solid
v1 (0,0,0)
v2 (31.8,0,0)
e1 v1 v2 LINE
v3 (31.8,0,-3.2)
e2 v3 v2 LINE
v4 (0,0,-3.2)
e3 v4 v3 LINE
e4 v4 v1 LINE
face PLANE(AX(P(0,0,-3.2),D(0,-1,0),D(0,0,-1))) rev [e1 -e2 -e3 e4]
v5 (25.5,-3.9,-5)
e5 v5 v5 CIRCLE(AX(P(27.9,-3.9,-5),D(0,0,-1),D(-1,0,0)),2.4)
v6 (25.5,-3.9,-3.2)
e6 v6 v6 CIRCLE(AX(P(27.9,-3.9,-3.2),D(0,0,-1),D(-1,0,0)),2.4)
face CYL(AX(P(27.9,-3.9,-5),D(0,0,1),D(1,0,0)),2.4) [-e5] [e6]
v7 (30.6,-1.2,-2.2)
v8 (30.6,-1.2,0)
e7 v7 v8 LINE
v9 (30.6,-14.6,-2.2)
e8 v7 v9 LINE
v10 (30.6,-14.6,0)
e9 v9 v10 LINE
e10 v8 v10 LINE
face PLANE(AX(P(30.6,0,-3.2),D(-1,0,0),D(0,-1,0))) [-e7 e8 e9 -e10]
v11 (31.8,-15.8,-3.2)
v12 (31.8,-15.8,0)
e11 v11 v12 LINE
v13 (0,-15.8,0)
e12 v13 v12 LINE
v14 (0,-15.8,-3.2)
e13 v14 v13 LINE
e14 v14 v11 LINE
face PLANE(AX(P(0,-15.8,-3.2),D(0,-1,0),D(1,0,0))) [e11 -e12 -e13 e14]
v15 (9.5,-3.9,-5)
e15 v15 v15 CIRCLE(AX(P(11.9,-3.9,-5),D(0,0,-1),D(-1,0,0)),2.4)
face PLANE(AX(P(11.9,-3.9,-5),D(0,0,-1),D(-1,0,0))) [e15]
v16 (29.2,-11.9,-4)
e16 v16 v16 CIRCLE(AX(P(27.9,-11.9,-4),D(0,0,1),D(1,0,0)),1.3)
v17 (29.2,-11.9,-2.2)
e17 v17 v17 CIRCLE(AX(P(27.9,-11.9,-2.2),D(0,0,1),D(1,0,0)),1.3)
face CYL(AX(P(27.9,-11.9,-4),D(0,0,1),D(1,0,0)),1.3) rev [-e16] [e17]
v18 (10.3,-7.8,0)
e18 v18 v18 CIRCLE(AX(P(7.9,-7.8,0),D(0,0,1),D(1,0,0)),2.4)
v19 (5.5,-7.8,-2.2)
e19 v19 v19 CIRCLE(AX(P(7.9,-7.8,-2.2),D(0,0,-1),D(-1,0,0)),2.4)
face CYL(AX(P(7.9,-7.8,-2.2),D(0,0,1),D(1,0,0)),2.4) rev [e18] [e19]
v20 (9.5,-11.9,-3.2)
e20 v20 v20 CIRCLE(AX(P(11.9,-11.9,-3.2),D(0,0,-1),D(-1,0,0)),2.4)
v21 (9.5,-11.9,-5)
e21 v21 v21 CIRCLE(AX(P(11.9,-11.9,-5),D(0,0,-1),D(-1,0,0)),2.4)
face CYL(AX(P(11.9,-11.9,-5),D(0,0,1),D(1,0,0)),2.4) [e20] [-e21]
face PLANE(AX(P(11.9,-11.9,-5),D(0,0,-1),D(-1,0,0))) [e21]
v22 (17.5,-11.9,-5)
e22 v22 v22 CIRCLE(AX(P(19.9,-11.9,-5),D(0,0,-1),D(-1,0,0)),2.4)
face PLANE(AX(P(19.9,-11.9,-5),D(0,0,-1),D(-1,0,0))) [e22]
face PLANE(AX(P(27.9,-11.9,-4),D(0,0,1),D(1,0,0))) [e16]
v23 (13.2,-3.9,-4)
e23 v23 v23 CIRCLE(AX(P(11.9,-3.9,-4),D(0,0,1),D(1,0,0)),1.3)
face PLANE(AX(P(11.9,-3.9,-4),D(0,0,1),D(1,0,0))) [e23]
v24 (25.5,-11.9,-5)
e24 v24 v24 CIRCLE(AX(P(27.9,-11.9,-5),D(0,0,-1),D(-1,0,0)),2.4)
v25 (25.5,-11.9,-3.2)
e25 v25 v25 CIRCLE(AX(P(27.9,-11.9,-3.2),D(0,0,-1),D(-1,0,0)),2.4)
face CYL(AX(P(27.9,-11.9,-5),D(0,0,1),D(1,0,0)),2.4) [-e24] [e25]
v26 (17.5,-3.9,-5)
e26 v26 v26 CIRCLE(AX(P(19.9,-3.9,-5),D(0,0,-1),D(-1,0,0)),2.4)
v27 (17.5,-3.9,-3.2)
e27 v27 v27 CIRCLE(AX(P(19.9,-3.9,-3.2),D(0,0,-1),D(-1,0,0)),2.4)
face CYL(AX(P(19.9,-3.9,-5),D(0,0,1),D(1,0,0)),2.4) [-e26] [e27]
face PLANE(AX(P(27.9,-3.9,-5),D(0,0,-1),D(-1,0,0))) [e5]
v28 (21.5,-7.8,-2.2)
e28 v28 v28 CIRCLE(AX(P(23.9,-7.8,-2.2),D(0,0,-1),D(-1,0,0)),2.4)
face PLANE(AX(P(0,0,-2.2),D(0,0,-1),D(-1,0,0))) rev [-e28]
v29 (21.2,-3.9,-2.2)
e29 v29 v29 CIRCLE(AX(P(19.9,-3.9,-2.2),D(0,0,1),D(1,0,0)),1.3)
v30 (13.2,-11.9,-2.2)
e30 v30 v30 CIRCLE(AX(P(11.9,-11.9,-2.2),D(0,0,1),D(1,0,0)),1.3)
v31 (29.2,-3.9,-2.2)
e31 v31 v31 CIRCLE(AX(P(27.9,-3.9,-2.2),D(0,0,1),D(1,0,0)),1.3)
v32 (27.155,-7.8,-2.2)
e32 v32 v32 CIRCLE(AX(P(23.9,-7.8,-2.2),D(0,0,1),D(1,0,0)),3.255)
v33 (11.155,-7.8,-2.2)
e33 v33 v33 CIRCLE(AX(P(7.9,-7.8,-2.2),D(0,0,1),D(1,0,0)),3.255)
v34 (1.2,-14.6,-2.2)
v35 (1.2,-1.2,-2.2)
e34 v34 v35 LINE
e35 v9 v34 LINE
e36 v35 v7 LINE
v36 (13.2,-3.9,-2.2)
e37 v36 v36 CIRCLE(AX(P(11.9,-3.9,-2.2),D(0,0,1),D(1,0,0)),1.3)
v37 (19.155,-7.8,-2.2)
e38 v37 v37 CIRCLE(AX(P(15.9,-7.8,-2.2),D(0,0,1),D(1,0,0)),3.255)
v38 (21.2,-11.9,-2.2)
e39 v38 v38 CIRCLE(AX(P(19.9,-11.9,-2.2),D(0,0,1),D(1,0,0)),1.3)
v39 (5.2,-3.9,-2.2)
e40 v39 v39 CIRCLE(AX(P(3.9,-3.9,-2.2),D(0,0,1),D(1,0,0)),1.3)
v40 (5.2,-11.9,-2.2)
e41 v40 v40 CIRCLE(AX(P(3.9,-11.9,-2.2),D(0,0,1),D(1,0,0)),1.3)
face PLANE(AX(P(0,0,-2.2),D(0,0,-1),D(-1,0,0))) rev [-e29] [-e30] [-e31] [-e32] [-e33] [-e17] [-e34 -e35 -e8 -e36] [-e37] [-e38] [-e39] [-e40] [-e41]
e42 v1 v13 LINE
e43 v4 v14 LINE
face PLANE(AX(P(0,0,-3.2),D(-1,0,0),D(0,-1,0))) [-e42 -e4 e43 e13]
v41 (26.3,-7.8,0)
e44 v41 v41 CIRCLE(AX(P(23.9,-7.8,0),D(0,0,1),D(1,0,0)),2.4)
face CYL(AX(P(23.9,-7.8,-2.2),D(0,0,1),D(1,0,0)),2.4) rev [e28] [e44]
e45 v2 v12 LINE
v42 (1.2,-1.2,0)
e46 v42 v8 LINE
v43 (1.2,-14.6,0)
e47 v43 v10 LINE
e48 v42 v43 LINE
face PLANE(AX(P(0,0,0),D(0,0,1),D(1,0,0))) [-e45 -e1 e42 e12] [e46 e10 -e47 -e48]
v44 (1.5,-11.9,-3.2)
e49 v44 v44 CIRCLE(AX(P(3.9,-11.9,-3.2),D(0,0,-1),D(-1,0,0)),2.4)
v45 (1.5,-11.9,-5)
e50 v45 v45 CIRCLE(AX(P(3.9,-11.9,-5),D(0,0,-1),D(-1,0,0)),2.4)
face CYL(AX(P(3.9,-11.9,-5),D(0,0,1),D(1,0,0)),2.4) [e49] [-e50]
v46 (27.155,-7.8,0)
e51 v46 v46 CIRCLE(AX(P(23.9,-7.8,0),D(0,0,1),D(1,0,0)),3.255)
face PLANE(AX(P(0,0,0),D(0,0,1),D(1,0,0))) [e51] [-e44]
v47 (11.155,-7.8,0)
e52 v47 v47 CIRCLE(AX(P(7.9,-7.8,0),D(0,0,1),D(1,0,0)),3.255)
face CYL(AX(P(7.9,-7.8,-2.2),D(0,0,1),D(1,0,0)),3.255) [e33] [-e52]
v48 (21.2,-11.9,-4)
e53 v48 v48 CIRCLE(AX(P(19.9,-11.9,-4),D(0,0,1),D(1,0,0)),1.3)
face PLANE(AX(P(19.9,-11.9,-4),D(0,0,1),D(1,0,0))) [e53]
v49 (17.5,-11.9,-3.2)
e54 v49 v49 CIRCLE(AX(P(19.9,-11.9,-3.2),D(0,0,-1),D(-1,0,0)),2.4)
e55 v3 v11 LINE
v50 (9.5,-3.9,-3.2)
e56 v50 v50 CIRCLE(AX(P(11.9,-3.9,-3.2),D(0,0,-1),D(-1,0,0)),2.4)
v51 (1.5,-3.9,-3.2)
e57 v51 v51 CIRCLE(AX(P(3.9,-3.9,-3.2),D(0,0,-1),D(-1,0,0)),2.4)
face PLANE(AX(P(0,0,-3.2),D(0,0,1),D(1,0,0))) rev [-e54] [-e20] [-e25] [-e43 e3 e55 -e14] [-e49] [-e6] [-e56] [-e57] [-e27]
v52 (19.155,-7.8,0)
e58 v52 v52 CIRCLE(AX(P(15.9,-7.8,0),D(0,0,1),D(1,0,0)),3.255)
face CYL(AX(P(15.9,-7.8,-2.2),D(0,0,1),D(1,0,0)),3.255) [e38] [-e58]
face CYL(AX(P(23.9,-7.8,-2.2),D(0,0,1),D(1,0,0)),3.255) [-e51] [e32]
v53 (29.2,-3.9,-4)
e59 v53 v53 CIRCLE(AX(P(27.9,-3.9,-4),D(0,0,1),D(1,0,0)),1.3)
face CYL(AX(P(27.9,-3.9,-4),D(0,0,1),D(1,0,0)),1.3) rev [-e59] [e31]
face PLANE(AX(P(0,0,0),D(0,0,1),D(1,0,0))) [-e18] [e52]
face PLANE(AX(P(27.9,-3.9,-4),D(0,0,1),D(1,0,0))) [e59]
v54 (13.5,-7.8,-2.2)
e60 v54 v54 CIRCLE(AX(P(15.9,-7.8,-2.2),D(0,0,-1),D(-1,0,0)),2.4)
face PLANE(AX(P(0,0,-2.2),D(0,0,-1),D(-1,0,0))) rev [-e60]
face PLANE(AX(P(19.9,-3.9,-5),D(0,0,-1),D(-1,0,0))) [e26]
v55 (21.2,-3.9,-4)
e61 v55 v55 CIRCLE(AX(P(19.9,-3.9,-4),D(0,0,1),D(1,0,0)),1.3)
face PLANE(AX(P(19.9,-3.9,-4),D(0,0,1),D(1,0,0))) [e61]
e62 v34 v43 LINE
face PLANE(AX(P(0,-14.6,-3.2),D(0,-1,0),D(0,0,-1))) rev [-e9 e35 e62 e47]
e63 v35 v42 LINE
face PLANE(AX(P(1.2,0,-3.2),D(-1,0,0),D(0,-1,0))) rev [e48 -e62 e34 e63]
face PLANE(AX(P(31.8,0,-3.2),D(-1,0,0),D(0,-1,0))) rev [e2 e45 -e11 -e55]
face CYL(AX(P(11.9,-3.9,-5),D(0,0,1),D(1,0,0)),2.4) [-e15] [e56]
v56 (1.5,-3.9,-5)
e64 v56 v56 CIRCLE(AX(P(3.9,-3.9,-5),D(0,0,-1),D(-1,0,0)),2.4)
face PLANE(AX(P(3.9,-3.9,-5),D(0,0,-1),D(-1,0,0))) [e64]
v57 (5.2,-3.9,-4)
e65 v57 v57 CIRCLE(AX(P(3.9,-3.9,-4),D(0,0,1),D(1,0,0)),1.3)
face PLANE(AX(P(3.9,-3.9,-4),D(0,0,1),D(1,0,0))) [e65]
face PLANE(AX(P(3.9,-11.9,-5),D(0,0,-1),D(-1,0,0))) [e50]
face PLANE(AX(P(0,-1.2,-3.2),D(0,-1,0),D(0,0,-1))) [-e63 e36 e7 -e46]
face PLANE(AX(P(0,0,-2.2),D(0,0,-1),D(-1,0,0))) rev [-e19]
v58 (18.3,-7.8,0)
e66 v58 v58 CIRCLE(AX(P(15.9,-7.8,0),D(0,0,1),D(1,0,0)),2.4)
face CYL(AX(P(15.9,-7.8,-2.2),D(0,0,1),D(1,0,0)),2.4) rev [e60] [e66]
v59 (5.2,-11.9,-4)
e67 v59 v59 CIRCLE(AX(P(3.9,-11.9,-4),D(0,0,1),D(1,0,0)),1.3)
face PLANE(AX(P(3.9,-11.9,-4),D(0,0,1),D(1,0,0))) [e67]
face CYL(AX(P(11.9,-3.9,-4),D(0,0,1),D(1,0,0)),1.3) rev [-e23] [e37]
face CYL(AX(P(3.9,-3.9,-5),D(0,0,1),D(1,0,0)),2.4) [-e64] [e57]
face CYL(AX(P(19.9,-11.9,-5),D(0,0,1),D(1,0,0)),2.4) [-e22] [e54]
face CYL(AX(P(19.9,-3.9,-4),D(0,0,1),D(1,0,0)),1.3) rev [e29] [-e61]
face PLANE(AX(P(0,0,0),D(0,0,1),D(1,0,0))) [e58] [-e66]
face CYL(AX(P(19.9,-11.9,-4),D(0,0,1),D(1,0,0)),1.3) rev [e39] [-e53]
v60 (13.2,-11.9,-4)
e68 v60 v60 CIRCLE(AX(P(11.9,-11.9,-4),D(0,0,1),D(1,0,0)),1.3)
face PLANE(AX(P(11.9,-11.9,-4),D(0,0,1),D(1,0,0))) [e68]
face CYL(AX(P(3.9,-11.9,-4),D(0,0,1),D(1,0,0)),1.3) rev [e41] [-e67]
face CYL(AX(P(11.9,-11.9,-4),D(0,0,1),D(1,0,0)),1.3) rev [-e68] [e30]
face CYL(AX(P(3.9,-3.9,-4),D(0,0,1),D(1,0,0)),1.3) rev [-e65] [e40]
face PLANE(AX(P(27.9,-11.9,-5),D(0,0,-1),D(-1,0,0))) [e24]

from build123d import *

# Parameters (mm, degrees)
SKETCH2_W             = 31.8
SKETCH2_H             = 15.8
SKETCH2_W_2           = 29.4
SKETCH2_H_2           = 13.4
BOSS_EXTRUDE1_DEPTH   = 3.2
SKETCH2_3_R           = 3.255
SKETCH2_3_R_2         = 2.4
BOSS_EXTRUDE2_DEPTH   = 2.2
BOSS_EXTRUDE2_2_DEPTH = 2.2
BOSS_EXTRUDE2_3_DEPTH = 2.2
SKETCH3_W             = 29.4
SKETCH3_H             = 13.4
BOSS_EXTRUDE3_DEPTH   = 1
SKETCH4_R             = 2.4
SKETCH4_R_2           = 2.399999999
BOSS_EXTRUDE4_DEPTH   = 1.8
SKETCH5_R             = 1.3
CUT_EXTRUDE1_DEPTH    = 1.8


with BuildPart() as part:
    # Sketch2 → Boss-Extrude1 (new body)
    with BuildSketch(Plane.XY):
        with Locations((15.9, -7.9)):
            Rectangle(SKETCH2_W, SKETCH2_H)
        with Locations((15.9, -7.9)):
            Rectangle(SKETCH2_W_2, SKETCH2_H_2, mode=Mode.SUBTRACT)
    extrude(amount=-BOSS_EXTRUDE1_DEPTH)



with BuildPart() as body_2:
    # Sketch2<3> → Boss-Extrude2 (new body)
    with BuildSketch(Plane.XY):
        with Locations((23.9, -7.8)):
            Circle(SKETCH2_3_R)
        with Locations((23.9, -7.8)):
            Circle(SKETCH2_3_R_2, mode=Mode.SUBTRACT)
    extrude(amount=-BOSS_EXTRUDE2_DEPTH)


with BuildPart() as body_3:
    # Sketch2<3> → Boss-Extrude2 2 (new body)
    with BuildSketch(Plane.XY):
        with Locations((15.899999998, -7.8)):
            Circle(SKETCH2_3_R)
        with Locations((15.899999998, -7.8)):
            Circle(SKETCH2_3_R_2, mode=Mode.SUBTRACT)
    extrude(amount=-BOSS_EXTRUDE2_2_DEPTH)


with BuildPart() as body_4:
    # Sketch2<3> → Boss-Extrude2 3 (new body)
    with BuildSketch(Plane.XY):
        with Locations((7.899999996, -7.8)):
            Circle(SKETCH2_3_R)
        with Locations((7.899999996, -7.8)):
            Circle(SKETCH2_3_R_2, mode=Mode.SUBTRACT)
    extrude(amount=-BOSS_EXTRUDE2_3_DEPTH)


with BuildPart() as part_1:
    add(part.part)

    add(body_2.part)  # Boss-Extrude3 merges body 2

    add(body_3.part)  # Boss-Extrude3 merges body 3

    add(body_4.part)  # Boss-Extrude3 merges body 4
    # Sketch3 → Boss-Extrude3 (add)
    with BuildSketch(Plane(origin=(0, 0, -2.2), x_dir=(-1, 0, 0), z_dir=(0, 0, -1))):
        with Locations((-15.9, -7.9)):
            Rectangle(SKETCH3_W, SKETCH3_H)
    extrude(amount=BOSS_EXTRUDE3_DEPTH)

    # Sketch4 → Boss-Extrude4 (add)
    with BuildSketch(Plane(origin=(0, 0, -3.2), x_dir=(-1, 0, 0), z_dir=(0, 0, -1))):
        with Locations((-27.9, -3.9)):
            Circle(SKETCH4_R)
        with Locations((-19.899999998, -3.9)):
            Circle(SKETCH4_R)
        with Locations((-11.899999996, -3.9)):
            Circle(SKETCH4_R)
        with Locations((-3.899999994, -3.9)):
            Circle(SKETCH4_R)
        with Locations((-19.899999998, -11.9)):
            Circle(SKETCH4_R_2)
        with Locations((-11.899999996, -11.9)):
            Circle(SKETCH4_R_2)
        with Locations((-3.899999994, -11.9)):
            Circle(SKETCH4_R_2)
        with Locations((-27.9, -11.9)):
            Circle(SKETCH4_R_2)
    extrude(amount=BOSS_EXTRUDE4_DEPTH)

    # Sketch5 → Cut-Extrude1 (cut)
    with BuildSketch(Plane.XY.offset(-2.2)):
        with Locations((3.899999994, -3.9)):
            Circle(SKETCH5_R)
        with Locations((11.899999996, -3.9)):
            Circle(SKETCH5_R)
        with Locations((19.899999998, -3.9)):
            Circle(SKETCH5_R)
        with Locations((27.9, -3.9)):
            Circle(SKETCH5_R)
        with Locations((11.899999996, -11.900000002)):
            Circle(SKETCH5_R)
        with Locations((19.899999998, -11.900000002)):
            Circle(SKETCH5_R)
        with Locations((27.9, -11.900000002)):
            Circle(SKETCH5_R)
        with Locations((3.899999994, -11.900000002)):
            Circle(SKETCH5_R)
    extrude(amount=-CUT_EXTRUDE1_DEPTH, mode=Mode.SUBTRACT)


solid = part_1.part
